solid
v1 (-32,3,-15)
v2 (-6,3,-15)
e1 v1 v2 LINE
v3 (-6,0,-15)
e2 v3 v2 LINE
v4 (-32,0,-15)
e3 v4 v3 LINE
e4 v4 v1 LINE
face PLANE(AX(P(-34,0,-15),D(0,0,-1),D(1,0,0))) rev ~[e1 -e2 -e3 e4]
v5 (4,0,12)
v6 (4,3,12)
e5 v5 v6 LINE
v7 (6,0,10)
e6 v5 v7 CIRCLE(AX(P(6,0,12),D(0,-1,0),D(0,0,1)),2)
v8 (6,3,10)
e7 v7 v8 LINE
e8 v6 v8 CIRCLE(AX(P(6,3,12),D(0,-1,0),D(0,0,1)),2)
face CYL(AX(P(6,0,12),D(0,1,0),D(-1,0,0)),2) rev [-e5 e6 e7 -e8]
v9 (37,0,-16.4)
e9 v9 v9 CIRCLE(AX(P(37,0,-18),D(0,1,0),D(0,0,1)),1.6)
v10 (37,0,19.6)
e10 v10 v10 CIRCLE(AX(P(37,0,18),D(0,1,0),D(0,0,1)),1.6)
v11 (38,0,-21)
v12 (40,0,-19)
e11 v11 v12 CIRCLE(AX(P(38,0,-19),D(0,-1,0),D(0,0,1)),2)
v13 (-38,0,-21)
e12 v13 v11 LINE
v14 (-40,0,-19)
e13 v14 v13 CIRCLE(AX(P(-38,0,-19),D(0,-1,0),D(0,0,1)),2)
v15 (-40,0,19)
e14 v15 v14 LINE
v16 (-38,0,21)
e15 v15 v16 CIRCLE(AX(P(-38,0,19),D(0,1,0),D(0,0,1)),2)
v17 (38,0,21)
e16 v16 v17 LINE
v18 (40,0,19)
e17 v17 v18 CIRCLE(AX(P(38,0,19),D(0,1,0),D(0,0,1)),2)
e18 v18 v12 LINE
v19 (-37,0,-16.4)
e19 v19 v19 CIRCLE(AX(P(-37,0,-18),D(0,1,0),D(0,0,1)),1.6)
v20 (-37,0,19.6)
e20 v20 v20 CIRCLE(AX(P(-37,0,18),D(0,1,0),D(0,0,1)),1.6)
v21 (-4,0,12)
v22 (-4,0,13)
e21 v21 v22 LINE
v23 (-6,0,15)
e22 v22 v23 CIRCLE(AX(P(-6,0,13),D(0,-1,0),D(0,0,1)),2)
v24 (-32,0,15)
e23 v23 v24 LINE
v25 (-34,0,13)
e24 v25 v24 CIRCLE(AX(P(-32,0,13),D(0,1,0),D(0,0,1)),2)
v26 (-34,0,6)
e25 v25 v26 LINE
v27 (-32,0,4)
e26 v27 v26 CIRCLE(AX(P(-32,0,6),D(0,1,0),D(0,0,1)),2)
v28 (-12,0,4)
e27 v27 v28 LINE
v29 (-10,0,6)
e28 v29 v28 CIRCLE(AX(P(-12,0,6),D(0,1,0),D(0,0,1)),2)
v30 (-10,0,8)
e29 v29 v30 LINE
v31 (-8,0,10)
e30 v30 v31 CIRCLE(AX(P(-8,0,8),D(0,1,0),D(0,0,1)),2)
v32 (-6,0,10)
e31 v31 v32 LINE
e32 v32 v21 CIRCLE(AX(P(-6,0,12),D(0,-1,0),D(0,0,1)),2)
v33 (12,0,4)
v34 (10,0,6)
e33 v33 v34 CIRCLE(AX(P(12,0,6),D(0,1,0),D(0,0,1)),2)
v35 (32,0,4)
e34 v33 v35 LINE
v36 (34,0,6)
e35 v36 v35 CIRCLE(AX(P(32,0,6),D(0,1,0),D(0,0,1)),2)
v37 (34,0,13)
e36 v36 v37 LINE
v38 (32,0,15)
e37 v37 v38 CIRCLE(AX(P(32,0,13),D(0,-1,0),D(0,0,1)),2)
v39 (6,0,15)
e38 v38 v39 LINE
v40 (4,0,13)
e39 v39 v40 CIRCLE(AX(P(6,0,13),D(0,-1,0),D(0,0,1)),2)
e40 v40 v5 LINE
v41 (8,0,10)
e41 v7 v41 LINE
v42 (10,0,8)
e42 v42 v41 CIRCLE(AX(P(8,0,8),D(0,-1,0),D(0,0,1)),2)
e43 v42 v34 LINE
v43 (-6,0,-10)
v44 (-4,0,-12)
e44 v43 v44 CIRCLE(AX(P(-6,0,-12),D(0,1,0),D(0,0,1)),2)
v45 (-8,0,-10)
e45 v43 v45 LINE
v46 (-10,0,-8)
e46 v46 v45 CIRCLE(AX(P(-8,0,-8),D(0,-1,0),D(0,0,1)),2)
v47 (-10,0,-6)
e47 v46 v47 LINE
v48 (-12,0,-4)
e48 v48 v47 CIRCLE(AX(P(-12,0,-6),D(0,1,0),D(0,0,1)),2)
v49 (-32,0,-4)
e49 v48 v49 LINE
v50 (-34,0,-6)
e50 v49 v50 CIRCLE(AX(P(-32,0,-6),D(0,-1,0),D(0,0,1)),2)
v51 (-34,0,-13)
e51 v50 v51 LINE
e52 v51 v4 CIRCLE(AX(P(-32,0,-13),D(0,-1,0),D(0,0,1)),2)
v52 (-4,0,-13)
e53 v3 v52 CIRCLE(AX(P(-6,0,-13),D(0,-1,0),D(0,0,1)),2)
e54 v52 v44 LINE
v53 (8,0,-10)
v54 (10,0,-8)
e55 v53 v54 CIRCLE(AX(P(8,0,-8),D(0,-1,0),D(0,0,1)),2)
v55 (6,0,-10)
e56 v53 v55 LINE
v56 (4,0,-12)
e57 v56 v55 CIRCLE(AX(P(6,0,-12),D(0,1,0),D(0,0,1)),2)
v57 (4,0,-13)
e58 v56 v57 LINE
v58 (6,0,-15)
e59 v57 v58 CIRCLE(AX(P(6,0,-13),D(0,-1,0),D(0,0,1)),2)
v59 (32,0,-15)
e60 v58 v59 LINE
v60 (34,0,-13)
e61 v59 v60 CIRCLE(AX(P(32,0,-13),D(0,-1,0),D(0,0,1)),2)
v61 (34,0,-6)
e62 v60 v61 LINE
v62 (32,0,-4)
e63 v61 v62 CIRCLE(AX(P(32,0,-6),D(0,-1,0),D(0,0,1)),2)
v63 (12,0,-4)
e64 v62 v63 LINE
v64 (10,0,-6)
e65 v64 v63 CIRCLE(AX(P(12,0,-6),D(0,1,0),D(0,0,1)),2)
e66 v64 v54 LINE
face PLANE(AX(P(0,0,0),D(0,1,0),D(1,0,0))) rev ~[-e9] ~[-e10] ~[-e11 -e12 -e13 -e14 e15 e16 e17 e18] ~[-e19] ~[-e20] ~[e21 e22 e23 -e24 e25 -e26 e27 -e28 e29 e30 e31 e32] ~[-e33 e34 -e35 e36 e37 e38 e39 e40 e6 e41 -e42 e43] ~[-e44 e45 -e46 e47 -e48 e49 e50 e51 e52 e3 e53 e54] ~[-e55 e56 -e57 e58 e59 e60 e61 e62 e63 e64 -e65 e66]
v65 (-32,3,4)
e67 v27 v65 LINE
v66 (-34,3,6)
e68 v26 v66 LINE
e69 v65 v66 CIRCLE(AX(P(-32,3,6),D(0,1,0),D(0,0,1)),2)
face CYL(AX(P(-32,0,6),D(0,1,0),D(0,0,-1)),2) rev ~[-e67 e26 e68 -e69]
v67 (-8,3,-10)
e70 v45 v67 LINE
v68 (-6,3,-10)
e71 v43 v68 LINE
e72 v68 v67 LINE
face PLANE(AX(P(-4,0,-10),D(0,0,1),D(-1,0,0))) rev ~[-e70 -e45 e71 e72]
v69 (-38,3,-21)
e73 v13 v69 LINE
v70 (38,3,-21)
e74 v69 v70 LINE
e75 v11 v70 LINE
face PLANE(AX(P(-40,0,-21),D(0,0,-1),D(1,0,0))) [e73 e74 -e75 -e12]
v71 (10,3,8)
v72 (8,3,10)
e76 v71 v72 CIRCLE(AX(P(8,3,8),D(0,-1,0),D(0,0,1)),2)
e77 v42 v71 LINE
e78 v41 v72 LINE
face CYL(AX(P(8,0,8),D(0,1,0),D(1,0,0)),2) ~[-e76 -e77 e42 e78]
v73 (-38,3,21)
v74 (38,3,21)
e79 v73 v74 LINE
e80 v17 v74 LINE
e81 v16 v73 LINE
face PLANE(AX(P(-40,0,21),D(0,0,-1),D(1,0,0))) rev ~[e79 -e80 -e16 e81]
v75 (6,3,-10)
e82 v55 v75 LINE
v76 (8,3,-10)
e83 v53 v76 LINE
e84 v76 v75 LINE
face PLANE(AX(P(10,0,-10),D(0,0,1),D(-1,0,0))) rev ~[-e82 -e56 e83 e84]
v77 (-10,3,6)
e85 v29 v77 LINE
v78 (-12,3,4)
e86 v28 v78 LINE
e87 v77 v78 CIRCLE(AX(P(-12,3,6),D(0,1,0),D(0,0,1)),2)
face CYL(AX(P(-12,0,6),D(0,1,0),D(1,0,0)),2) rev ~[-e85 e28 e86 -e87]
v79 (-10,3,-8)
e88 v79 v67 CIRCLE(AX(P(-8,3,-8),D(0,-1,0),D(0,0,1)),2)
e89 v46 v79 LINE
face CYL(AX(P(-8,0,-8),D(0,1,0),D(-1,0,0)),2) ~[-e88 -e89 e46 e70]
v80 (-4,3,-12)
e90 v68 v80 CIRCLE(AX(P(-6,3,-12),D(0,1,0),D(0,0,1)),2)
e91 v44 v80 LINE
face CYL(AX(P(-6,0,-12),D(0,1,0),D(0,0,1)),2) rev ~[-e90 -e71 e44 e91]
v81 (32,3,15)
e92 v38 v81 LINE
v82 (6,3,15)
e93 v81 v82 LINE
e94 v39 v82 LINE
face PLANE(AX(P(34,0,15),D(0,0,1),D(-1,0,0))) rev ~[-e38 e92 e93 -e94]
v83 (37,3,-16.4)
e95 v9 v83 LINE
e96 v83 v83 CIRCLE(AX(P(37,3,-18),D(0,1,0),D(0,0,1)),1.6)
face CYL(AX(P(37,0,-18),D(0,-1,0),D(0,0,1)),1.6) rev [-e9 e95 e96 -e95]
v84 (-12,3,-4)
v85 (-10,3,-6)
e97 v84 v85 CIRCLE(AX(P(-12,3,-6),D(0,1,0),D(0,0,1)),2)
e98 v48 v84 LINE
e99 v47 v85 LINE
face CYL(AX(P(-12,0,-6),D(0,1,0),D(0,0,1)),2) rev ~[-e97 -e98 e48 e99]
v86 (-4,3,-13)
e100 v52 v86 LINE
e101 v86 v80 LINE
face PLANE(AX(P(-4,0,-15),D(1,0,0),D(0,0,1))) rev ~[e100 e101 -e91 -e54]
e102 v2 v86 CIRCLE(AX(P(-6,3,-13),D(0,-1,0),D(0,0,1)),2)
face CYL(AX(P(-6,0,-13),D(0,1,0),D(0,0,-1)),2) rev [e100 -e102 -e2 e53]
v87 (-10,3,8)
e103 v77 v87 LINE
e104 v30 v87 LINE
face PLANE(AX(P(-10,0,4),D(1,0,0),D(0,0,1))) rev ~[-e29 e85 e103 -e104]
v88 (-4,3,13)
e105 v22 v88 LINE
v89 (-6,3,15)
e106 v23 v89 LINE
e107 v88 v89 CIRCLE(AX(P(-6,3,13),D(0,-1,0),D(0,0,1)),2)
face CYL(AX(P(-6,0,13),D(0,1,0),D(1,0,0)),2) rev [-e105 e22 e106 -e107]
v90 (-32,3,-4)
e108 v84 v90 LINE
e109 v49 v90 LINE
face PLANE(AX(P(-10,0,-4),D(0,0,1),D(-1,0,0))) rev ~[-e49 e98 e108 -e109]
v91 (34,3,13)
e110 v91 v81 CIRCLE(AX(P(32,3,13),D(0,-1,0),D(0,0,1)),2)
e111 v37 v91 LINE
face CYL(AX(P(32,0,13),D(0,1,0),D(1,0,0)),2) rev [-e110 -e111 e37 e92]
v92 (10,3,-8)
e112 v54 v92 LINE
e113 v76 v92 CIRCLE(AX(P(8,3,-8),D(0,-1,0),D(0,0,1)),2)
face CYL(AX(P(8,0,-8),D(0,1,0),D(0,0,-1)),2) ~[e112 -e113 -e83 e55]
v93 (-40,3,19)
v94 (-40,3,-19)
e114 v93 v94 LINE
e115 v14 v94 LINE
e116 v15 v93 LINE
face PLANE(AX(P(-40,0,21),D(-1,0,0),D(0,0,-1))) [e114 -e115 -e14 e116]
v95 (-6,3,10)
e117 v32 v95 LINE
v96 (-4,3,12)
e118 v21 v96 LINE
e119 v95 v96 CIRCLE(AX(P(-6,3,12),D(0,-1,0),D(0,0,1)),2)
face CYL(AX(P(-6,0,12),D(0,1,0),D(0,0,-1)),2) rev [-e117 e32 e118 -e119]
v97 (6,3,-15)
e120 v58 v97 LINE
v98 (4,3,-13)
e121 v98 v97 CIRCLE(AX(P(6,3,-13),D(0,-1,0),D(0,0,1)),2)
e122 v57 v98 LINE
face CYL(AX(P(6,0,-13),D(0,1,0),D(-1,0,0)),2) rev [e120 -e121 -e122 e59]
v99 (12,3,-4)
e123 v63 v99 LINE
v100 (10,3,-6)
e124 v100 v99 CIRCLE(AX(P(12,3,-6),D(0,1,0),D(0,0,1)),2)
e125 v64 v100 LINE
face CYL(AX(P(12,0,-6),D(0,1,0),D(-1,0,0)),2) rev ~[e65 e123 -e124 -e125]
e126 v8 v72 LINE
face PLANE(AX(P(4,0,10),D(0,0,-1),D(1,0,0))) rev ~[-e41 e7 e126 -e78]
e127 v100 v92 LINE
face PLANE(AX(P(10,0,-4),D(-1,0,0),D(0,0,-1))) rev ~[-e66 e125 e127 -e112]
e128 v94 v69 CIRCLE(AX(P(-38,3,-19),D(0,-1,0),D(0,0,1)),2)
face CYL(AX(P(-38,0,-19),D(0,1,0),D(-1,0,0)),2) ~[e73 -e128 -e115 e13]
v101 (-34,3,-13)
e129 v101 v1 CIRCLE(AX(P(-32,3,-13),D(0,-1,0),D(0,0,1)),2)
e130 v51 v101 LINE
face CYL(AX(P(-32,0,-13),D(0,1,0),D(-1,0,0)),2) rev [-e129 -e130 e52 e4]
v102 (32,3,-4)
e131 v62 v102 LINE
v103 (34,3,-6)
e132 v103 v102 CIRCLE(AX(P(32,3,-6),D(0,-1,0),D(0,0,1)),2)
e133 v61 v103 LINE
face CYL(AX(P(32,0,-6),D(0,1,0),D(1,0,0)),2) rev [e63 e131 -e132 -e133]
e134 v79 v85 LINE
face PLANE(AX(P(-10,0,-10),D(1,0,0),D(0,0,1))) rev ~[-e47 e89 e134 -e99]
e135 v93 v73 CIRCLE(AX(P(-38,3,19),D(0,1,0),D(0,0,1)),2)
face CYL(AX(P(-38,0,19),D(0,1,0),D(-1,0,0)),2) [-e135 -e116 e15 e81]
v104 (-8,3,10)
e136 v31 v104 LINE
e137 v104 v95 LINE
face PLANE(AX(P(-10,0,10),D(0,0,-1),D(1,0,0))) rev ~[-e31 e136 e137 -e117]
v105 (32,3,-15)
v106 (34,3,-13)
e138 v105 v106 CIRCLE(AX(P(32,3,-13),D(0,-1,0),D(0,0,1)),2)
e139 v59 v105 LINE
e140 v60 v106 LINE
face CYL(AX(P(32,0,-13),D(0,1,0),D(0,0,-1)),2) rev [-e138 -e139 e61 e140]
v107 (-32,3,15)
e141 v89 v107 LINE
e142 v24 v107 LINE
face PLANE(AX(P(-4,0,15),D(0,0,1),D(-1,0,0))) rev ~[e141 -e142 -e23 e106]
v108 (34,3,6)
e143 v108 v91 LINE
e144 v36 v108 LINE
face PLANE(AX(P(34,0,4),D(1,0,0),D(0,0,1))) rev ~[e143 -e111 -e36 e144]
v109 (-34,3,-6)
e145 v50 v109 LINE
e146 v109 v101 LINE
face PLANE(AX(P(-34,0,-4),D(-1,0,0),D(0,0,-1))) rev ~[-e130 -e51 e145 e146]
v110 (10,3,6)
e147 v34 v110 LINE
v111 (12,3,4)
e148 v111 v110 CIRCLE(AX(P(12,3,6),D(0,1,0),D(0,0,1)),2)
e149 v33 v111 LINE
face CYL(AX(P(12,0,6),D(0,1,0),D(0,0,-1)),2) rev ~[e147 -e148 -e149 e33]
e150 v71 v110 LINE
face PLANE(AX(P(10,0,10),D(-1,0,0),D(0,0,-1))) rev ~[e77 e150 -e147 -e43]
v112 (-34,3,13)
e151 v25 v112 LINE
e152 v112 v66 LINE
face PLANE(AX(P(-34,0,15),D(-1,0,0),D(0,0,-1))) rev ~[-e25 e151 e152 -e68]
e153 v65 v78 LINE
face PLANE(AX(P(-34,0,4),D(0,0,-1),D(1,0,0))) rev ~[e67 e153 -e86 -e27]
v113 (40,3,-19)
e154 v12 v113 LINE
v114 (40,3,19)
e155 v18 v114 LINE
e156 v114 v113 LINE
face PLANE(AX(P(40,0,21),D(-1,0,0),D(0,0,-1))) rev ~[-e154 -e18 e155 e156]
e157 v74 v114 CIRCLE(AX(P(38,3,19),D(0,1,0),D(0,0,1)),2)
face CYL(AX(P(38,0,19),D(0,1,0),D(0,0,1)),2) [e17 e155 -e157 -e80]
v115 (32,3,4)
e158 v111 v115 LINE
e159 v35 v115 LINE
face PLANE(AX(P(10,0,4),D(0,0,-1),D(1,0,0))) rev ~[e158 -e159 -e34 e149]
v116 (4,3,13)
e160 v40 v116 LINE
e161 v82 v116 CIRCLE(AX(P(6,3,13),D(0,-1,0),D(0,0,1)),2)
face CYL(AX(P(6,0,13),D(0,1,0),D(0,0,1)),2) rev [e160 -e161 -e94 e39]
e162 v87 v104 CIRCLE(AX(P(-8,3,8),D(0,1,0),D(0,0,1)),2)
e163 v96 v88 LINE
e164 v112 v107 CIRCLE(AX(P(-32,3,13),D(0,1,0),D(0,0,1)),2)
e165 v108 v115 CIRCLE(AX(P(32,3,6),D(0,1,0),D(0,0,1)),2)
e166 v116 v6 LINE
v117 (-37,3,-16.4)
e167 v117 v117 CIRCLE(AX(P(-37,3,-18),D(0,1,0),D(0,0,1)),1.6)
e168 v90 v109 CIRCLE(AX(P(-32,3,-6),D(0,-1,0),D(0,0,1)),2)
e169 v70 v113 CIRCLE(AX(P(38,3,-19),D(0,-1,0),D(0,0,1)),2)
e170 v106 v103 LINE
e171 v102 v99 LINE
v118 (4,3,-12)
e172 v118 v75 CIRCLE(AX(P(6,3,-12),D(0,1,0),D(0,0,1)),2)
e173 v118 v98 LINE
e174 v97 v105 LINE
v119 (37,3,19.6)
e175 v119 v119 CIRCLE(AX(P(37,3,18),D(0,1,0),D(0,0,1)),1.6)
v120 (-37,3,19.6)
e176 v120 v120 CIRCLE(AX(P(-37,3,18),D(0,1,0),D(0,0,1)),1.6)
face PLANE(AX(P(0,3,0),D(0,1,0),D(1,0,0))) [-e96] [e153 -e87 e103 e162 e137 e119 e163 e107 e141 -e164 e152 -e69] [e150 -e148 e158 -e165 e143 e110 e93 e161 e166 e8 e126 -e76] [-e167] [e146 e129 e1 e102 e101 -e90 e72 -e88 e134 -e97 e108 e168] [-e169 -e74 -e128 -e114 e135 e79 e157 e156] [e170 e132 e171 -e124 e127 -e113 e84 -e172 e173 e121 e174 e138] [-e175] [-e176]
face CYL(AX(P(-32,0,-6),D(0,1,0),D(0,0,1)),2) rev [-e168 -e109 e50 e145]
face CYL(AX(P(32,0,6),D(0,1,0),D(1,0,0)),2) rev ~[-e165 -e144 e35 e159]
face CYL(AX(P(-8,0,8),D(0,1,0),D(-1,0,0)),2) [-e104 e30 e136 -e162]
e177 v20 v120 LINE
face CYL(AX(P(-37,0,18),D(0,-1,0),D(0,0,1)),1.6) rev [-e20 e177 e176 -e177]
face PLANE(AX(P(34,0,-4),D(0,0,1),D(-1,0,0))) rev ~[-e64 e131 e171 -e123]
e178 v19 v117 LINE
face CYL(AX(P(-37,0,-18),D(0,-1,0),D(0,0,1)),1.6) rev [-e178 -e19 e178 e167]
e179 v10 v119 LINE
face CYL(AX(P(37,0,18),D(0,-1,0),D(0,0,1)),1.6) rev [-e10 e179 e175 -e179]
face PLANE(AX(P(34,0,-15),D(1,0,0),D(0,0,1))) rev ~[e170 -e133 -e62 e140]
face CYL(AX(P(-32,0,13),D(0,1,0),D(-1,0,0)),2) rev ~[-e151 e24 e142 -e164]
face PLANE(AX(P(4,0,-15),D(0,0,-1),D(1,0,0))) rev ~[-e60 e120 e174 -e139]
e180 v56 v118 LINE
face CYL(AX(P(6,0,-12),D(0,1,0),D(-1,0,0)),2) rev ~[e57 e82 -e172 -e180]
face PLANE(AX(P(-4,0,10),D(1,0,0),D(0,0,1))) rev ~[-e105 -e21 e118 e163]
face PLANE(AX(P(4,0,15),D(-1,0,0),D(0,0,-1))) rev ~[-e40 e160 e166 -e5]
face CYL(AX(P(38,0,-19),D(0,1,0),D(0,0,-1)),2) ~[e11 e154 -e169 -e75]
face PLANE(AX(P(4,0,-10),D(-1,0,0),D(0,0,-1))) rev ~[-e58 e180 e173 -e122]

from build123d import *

# Parameters (mm, degrees)
SKETCH_1_W      = 80
SKETCH_1_H      = 42
SKETCH_1_R      = 1.6
EXTRUDE_1_DEPTH = 3
FILLET_1_R      = 2
FILLET_2_R      = 2


with BuildPart() as part:
    # 草图1 → 凸台-拉伸1 (new body)
    with BuildSketch(Plane(origin=(0, 0, 0), x_dir=(1, 0, 0), z_dir=(0, 1, 0))):
        Rectangle(SKETCH_1_W, SKETCH_1_H)
        with Locations(Location((-37, -18, 0), (0, 0, 270))):
            Circle(SKETCH_1_R, mode=Mode.SUBTRACT)
        Polygon((34, -15), (4, -15), (4, -10), (10, -10), (10, -4), (34, -4), align=None, mode=Mode.SUBTRACT)
        Polygon((-10, -10), (-4, -10), (-4, -15), (-34, -15), (-34, -4), (-10, -4), align=None, mode=Mode.SUBTRACT)
        Polygon((-34, 4), (-34, 15), (-4, 15), (-4, 10), (-10, 10), (-10, 4), align=None, mode=Mode.SUBTRACT)
        Polygon((4, 15), (34, 15), (34, 4), (10, 4), (10, 10), (4, 10), align=None, mode=Mode.SUBTRACT)
        with Locations(Location((37, -18, 0), (0, 0, 270))):
            Circle(SKETCH_1_R, mode=Mode.SUBTRACT)
        with Locations(Location((-37, 18, 0), (0, 0, 270))):
            Circle(SKETCH_1_R, mode=Mode.SUBTRACT)
        with Locations(Location((37, 18, 0), (0, 0, 270))):
            Circle(SKETCH_1_R, mode=Mode.SUBTRACT)
    extrude(amount=EXTRUDE_1_DEPTH)

    # 圆角1
    fillet_1_edges = [part.edges().sort_by_distance(p)[0] for p in [
        (34, 1.5, 15),
        (34, 1.5, 4),
        (10, 1.5, 4),
        (10, 1.5, 10),
        (4, 1.5, 10),
        (4, 1.5, 15),
        (-4, 1.5, 10),
        (-10, 1.5, 10),
        (-10, 1.5, 4),
        (-34, 1.5, 4),
        (-34, 1.5, 15),
        (-4, 1.5, 15),
        (-4, 1.5, -15),
        (-34, 1.5, -15),
        (-34, 1.5, -4),
        (-10, 1.5, -4),
        (-10, 1.5, -10),
        (-4, 1.5, -10),
        (34, 1.5, -4),
        (34, 1.5, -15),
        (4, 1.5, -15),
        (4, 1.5, -10),
        (10, 1.5, -10),
        (10, 1.5, -4),
    ]]
    fillet(fillet_1_edges, radius=FILLET_1_R)

    # 圆角2
    fillet_2_edges = [part.edges().sort_by_distance(p)[0] for p in [
        (-40, 1.5, -21),
        (40, 1.5, -21),
        (40, 1.5, 21),
        (-40, 1.5, 21),
    ]]
    fillet(fillet_2_edges, radius=FILLET_2_R)


solid = part.part
